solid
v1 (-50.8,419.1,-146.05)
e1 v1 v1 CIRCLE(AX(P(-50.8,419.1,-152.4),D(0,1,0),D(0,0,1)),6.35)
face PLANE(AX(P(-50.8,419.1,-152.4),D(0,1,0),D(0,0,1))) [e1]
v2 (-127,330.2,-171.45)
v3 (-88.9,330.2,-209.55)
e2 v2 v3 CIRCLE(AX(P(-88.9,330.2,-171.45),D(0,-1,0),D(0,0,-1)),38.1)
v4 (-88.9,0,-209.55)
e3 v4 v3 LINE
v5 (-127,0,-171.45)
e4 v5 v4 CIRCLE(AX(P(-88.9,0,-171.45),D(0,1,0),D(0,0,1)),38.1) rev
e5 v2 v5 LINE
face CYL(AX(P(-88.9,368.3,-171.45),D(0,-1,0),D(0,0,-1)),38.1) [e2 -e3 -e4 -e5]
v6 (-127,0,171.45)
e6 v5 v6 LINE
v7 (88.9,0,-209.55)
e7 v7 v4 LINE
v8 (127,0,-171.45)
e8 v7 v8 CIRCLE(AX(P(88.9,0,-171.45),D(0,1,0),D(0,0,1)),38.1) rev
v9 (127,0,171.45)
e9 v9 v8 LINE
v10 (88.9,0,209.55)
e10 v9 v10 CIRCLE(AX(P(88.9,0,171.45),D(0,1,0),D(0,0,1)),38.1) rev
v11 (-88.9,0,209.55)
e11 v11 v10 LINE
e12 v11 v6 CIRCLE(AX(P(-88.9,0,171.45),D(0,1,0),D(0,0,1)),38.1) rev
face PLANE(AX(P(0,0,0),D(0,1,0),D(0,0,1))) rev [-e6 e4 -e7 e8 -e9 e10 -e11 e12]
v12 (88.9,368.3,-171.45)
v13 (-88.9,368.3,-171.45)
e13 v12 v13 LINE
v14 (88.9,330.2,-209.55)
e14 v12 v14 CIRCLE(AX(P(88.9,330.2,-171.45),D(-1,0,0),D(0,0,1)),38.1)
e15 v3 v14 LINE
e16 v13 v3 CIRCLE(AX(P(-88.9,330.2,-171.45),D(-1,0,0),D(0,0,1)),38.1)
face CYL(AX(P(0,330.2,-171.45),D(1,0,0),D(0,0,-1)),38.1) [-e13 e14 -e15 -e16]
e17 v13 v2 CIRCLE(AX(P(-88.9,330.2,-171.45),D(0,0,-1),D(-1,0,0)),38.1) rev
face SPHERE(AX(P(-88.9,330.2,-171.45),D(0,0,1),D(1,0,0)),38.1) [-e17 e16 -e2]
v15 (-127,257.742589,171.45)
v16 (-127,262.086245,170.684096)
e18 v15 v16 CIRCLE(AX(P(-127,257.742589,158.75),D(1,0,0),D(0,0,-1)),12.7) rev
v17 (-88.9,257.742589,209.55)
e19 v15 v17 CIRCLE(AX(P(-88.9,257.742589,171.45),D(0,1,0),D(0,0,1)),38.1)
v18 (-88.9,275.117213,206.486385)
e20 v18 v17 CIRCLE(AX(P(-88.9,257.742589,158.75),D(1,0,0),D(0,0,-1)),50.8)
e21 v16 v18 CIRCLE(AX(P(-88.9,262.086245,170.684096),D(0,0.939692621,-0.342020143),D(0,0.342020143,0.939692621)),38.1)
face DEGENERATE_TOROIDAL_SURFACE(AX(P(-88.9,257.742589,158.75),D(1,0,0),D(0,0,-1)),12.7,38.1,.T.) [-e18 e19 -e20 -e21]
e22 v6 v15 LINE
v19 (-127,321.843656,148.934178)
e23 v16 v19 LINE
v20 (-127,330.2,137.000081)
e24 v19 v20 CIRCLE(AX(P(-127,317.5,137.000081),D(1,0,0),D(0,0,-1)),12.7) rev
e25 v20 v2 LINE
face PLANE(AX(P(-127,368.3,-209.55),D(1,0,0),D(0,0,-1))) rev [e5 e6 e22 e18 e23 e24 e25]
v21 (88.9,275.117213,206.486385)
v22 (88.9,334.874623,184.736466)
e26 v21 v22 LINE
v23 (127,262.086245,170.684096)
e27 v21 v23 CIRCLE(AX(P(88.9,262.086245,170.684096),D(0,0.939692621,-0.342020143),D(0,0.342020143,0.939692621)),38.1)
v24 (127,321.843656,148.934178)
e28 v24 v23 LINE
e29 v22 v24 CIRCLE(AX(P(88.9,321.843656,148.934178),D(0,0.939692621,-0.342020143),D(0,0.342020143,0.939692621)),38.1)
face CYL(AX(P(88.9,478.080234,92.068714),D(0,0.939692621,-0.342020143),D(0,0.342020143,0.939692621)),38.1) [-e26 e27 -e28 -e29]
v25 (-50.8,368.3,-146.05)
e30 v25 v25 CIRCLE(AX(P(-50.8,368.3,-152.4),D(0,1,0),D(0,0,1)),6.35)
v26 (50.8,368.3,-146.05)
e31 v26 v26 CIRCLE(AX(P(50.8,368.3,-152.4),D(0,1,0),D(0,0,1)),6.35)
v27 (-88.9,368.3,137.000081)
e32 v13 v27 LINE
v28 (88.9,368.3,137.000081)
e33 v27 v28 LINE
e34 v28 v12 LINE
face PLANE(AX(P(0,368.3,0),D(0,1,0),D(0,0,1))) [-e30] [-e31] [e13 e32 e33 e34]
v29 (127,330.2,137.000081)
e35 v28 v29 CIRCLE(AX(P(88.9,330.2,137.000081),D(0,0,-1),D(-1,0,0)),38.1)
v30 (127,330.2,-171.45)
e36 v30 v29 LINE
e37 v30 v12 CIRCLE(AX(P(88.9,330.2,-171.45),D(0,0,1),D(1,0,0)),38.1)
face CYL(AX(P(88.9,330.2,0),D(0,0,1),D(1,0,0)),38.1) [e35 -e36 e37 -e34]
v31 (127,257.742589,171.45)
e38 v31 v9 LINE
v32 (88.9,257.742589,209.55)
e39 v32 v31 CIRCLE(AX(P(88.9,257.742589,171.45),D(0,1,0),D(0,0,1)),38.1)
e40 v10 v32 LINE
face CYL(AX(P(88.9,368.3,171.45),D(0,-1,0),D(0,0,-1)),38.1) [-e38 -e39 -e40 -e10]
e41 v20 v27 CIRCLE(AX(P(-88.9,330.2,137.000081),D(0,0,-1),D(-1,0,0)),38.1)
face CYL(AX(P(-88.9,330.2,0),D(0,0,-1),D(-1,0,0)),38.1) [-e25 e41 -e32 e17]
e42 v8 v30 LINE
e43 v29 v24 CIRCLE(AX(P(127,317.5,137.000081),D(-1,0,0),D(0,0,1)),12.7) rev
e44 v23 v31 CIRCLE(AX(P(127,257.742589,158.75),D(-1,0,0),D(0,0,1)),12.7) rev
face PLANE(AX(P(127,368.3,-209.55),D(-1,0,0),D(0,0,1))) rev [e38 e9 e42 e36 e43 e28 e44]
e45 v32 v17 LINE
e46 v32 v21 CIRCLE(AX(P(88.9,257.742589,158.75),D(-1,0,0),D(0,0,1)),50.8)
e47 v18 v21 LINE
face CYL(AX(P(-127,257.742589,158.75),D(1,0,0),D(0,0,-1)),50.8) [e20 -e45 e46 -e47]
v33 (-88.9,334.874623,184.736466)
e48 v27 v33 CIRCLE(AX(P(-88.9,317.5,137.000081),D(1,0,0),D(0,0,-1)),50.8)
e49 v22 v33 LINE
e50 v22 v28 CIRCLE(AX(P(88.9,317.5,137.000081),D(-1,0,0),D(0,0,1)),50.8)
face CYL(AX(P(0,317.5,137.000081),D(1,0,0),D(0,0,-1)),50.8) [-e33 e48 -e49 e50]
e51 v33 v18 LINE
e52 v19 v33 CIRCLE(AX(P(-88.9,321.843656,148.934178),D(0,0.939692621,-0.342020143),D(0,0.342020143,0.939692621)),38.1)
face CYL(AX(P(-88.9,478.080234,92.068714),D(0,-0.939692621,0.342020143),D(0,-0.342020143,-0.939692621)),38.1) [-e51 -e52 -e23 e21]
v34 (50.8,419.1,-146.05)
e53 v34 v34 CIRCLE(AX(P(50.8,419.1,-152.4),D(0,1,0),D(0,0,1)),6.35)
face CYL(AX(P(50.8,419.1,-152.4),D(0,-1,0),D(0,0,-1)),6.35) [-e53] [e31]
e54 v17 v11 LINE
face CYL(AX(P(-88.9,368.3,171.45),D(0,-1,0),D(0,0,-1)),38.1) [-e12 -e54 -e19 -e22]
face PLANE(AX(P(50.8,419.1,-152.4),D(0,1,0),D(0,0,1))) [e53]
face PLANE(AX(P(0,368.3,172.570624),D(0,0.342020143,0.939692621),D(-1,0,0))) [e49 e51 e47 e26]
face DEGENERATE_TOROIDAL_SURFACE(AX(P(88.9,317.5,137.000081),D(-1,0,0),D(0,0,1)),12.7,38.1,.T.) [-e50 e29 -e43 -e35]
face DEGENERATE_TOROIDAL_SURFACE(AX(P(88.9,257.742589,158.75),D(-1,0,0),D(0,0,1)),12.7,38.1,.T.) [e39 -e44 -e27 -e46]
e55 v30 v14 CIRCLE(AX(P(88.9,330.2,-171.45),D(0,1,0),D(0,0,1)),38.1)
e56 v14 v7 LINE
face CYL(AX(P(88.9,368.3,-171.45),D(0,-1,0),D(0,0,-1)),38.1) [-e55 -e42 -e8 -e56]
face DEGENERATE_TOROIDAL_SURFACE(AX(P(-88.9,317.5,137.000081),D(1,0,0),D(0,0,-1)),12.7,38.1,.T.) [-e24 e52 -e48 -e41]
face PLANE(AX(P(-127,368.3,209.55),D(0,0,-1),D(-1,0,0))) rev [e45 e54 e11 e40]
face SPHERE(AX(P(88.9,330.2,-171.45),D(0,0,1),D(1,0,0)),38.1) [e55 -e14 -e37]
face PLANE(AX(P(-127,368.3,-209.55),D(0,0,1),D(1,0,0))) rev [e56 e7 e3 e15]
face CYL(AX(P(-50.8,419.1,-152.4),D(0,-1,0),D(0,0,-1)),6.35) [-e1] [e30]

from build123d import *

# Parameters (mm, degrees)
SKETCH1_W           = 254
SKETCH1_H           = 419.1
BOSS_EXTRUDE1_DEPTH = 368.3
CHAMFER1_SIZE       = 101.6
CHAMFER1_SIZE2      = 36.979375801
FILLET1_R           = 50.8
SKETCH2_R           = 6.35
BOSS_EXTRUDE2_DEPTH = 50.8
FILLET2_R           = 38.1
FILLET3_R           = 38.1


with BuildPart() as part:
    # Sketch1 → Boss-Extrude1 (new body)
    with BuildSketch(Plane(origin=(0, 0, 0), x_dir=(1, 0, 0), z_dir=(0, 1, 0))):
        Rectangle(SKETCH1_W, SKETCH1_H)
    extrude(amount=BOSS_EXTRUDE1_DEPTH)

    # Chamfer1
    chamfer1_edges = [part.edges().sort_by_distance(p)[0] for p in [
        (0, 368.3, 209.55),
    ]]
    chamfer1_side = [part.faces().sort_by_distance(p)[0] for p in [
        (0, 184.15, 209.55),
    ]]
    chamfer(chamfer1_edges, length=CHAMFER1_SIZE, length2=CHAMFER1_SIZE2, reference=chamfer1_side[0])

    # Fillet1
    fillet1_edges = [part.edges().sort_by_distance(p)[0] for p in [
        (0, 368.3, 172.570624199),
        (0, 266.7, 209.55),
    ]]
    fillet(fillet1_edges, radius=FILLET1_R)

    # Sketch2 → Boss-Extrude2 (add)
    with BuildSketch(Plane(origin=(0, 368.3, 0), x_dir=(1, 0, 0), z_dir=(0, 1, 0))):
        with Locations(Location((-50.8, 152.4, 0), (0, 0, 270))):
            Circle(SKETCH2_R)
        with Locations(Location((50.8, 152.4, 0), (0, 0, 270))):
            Circle(SKETCH2_R)
    extrude(amount=BOSS_EXTRUDE2_DEPTH)

    # Fillet2
    fillet2_edges = [part.edges().sort_by_distance(p)[0] for p in [
        (-127, 368.3, -36.274959371),
        (127, 128.87129469, 209.55),
        (-127, 128.87129469, 209.55),
        (-127, 304.995917971, 195.611425765),
        (-127, 359.11292385, 166.137764224),
        (-127, 266.563916805, 208.778233853),
        (127, 304.995917971, 195.611425765),
        (127, 368.3, -36.274959371),
        (127, 359.11292385, 166.137764224),
        (127, 266.563916805, 208.778233853),
    ]]
    fillet(fillet2_edges, radius=FILLET2_R)

    # Fillet3
    fillet3_edges = [part.edges().sort_by_distance(p)[0] for p in [
        (0, 368.3, -209.55),
        (-127, 165.1, -209.55),
        (127, 165.1, -209.55),
        (115.840768363, 357.140768363, -209.55),
        (-115.840768363, 357.140768363, -209.55),
    ]]
    fillet(fillet3_edges, radius=FILLET3_R)


solid = part.part
